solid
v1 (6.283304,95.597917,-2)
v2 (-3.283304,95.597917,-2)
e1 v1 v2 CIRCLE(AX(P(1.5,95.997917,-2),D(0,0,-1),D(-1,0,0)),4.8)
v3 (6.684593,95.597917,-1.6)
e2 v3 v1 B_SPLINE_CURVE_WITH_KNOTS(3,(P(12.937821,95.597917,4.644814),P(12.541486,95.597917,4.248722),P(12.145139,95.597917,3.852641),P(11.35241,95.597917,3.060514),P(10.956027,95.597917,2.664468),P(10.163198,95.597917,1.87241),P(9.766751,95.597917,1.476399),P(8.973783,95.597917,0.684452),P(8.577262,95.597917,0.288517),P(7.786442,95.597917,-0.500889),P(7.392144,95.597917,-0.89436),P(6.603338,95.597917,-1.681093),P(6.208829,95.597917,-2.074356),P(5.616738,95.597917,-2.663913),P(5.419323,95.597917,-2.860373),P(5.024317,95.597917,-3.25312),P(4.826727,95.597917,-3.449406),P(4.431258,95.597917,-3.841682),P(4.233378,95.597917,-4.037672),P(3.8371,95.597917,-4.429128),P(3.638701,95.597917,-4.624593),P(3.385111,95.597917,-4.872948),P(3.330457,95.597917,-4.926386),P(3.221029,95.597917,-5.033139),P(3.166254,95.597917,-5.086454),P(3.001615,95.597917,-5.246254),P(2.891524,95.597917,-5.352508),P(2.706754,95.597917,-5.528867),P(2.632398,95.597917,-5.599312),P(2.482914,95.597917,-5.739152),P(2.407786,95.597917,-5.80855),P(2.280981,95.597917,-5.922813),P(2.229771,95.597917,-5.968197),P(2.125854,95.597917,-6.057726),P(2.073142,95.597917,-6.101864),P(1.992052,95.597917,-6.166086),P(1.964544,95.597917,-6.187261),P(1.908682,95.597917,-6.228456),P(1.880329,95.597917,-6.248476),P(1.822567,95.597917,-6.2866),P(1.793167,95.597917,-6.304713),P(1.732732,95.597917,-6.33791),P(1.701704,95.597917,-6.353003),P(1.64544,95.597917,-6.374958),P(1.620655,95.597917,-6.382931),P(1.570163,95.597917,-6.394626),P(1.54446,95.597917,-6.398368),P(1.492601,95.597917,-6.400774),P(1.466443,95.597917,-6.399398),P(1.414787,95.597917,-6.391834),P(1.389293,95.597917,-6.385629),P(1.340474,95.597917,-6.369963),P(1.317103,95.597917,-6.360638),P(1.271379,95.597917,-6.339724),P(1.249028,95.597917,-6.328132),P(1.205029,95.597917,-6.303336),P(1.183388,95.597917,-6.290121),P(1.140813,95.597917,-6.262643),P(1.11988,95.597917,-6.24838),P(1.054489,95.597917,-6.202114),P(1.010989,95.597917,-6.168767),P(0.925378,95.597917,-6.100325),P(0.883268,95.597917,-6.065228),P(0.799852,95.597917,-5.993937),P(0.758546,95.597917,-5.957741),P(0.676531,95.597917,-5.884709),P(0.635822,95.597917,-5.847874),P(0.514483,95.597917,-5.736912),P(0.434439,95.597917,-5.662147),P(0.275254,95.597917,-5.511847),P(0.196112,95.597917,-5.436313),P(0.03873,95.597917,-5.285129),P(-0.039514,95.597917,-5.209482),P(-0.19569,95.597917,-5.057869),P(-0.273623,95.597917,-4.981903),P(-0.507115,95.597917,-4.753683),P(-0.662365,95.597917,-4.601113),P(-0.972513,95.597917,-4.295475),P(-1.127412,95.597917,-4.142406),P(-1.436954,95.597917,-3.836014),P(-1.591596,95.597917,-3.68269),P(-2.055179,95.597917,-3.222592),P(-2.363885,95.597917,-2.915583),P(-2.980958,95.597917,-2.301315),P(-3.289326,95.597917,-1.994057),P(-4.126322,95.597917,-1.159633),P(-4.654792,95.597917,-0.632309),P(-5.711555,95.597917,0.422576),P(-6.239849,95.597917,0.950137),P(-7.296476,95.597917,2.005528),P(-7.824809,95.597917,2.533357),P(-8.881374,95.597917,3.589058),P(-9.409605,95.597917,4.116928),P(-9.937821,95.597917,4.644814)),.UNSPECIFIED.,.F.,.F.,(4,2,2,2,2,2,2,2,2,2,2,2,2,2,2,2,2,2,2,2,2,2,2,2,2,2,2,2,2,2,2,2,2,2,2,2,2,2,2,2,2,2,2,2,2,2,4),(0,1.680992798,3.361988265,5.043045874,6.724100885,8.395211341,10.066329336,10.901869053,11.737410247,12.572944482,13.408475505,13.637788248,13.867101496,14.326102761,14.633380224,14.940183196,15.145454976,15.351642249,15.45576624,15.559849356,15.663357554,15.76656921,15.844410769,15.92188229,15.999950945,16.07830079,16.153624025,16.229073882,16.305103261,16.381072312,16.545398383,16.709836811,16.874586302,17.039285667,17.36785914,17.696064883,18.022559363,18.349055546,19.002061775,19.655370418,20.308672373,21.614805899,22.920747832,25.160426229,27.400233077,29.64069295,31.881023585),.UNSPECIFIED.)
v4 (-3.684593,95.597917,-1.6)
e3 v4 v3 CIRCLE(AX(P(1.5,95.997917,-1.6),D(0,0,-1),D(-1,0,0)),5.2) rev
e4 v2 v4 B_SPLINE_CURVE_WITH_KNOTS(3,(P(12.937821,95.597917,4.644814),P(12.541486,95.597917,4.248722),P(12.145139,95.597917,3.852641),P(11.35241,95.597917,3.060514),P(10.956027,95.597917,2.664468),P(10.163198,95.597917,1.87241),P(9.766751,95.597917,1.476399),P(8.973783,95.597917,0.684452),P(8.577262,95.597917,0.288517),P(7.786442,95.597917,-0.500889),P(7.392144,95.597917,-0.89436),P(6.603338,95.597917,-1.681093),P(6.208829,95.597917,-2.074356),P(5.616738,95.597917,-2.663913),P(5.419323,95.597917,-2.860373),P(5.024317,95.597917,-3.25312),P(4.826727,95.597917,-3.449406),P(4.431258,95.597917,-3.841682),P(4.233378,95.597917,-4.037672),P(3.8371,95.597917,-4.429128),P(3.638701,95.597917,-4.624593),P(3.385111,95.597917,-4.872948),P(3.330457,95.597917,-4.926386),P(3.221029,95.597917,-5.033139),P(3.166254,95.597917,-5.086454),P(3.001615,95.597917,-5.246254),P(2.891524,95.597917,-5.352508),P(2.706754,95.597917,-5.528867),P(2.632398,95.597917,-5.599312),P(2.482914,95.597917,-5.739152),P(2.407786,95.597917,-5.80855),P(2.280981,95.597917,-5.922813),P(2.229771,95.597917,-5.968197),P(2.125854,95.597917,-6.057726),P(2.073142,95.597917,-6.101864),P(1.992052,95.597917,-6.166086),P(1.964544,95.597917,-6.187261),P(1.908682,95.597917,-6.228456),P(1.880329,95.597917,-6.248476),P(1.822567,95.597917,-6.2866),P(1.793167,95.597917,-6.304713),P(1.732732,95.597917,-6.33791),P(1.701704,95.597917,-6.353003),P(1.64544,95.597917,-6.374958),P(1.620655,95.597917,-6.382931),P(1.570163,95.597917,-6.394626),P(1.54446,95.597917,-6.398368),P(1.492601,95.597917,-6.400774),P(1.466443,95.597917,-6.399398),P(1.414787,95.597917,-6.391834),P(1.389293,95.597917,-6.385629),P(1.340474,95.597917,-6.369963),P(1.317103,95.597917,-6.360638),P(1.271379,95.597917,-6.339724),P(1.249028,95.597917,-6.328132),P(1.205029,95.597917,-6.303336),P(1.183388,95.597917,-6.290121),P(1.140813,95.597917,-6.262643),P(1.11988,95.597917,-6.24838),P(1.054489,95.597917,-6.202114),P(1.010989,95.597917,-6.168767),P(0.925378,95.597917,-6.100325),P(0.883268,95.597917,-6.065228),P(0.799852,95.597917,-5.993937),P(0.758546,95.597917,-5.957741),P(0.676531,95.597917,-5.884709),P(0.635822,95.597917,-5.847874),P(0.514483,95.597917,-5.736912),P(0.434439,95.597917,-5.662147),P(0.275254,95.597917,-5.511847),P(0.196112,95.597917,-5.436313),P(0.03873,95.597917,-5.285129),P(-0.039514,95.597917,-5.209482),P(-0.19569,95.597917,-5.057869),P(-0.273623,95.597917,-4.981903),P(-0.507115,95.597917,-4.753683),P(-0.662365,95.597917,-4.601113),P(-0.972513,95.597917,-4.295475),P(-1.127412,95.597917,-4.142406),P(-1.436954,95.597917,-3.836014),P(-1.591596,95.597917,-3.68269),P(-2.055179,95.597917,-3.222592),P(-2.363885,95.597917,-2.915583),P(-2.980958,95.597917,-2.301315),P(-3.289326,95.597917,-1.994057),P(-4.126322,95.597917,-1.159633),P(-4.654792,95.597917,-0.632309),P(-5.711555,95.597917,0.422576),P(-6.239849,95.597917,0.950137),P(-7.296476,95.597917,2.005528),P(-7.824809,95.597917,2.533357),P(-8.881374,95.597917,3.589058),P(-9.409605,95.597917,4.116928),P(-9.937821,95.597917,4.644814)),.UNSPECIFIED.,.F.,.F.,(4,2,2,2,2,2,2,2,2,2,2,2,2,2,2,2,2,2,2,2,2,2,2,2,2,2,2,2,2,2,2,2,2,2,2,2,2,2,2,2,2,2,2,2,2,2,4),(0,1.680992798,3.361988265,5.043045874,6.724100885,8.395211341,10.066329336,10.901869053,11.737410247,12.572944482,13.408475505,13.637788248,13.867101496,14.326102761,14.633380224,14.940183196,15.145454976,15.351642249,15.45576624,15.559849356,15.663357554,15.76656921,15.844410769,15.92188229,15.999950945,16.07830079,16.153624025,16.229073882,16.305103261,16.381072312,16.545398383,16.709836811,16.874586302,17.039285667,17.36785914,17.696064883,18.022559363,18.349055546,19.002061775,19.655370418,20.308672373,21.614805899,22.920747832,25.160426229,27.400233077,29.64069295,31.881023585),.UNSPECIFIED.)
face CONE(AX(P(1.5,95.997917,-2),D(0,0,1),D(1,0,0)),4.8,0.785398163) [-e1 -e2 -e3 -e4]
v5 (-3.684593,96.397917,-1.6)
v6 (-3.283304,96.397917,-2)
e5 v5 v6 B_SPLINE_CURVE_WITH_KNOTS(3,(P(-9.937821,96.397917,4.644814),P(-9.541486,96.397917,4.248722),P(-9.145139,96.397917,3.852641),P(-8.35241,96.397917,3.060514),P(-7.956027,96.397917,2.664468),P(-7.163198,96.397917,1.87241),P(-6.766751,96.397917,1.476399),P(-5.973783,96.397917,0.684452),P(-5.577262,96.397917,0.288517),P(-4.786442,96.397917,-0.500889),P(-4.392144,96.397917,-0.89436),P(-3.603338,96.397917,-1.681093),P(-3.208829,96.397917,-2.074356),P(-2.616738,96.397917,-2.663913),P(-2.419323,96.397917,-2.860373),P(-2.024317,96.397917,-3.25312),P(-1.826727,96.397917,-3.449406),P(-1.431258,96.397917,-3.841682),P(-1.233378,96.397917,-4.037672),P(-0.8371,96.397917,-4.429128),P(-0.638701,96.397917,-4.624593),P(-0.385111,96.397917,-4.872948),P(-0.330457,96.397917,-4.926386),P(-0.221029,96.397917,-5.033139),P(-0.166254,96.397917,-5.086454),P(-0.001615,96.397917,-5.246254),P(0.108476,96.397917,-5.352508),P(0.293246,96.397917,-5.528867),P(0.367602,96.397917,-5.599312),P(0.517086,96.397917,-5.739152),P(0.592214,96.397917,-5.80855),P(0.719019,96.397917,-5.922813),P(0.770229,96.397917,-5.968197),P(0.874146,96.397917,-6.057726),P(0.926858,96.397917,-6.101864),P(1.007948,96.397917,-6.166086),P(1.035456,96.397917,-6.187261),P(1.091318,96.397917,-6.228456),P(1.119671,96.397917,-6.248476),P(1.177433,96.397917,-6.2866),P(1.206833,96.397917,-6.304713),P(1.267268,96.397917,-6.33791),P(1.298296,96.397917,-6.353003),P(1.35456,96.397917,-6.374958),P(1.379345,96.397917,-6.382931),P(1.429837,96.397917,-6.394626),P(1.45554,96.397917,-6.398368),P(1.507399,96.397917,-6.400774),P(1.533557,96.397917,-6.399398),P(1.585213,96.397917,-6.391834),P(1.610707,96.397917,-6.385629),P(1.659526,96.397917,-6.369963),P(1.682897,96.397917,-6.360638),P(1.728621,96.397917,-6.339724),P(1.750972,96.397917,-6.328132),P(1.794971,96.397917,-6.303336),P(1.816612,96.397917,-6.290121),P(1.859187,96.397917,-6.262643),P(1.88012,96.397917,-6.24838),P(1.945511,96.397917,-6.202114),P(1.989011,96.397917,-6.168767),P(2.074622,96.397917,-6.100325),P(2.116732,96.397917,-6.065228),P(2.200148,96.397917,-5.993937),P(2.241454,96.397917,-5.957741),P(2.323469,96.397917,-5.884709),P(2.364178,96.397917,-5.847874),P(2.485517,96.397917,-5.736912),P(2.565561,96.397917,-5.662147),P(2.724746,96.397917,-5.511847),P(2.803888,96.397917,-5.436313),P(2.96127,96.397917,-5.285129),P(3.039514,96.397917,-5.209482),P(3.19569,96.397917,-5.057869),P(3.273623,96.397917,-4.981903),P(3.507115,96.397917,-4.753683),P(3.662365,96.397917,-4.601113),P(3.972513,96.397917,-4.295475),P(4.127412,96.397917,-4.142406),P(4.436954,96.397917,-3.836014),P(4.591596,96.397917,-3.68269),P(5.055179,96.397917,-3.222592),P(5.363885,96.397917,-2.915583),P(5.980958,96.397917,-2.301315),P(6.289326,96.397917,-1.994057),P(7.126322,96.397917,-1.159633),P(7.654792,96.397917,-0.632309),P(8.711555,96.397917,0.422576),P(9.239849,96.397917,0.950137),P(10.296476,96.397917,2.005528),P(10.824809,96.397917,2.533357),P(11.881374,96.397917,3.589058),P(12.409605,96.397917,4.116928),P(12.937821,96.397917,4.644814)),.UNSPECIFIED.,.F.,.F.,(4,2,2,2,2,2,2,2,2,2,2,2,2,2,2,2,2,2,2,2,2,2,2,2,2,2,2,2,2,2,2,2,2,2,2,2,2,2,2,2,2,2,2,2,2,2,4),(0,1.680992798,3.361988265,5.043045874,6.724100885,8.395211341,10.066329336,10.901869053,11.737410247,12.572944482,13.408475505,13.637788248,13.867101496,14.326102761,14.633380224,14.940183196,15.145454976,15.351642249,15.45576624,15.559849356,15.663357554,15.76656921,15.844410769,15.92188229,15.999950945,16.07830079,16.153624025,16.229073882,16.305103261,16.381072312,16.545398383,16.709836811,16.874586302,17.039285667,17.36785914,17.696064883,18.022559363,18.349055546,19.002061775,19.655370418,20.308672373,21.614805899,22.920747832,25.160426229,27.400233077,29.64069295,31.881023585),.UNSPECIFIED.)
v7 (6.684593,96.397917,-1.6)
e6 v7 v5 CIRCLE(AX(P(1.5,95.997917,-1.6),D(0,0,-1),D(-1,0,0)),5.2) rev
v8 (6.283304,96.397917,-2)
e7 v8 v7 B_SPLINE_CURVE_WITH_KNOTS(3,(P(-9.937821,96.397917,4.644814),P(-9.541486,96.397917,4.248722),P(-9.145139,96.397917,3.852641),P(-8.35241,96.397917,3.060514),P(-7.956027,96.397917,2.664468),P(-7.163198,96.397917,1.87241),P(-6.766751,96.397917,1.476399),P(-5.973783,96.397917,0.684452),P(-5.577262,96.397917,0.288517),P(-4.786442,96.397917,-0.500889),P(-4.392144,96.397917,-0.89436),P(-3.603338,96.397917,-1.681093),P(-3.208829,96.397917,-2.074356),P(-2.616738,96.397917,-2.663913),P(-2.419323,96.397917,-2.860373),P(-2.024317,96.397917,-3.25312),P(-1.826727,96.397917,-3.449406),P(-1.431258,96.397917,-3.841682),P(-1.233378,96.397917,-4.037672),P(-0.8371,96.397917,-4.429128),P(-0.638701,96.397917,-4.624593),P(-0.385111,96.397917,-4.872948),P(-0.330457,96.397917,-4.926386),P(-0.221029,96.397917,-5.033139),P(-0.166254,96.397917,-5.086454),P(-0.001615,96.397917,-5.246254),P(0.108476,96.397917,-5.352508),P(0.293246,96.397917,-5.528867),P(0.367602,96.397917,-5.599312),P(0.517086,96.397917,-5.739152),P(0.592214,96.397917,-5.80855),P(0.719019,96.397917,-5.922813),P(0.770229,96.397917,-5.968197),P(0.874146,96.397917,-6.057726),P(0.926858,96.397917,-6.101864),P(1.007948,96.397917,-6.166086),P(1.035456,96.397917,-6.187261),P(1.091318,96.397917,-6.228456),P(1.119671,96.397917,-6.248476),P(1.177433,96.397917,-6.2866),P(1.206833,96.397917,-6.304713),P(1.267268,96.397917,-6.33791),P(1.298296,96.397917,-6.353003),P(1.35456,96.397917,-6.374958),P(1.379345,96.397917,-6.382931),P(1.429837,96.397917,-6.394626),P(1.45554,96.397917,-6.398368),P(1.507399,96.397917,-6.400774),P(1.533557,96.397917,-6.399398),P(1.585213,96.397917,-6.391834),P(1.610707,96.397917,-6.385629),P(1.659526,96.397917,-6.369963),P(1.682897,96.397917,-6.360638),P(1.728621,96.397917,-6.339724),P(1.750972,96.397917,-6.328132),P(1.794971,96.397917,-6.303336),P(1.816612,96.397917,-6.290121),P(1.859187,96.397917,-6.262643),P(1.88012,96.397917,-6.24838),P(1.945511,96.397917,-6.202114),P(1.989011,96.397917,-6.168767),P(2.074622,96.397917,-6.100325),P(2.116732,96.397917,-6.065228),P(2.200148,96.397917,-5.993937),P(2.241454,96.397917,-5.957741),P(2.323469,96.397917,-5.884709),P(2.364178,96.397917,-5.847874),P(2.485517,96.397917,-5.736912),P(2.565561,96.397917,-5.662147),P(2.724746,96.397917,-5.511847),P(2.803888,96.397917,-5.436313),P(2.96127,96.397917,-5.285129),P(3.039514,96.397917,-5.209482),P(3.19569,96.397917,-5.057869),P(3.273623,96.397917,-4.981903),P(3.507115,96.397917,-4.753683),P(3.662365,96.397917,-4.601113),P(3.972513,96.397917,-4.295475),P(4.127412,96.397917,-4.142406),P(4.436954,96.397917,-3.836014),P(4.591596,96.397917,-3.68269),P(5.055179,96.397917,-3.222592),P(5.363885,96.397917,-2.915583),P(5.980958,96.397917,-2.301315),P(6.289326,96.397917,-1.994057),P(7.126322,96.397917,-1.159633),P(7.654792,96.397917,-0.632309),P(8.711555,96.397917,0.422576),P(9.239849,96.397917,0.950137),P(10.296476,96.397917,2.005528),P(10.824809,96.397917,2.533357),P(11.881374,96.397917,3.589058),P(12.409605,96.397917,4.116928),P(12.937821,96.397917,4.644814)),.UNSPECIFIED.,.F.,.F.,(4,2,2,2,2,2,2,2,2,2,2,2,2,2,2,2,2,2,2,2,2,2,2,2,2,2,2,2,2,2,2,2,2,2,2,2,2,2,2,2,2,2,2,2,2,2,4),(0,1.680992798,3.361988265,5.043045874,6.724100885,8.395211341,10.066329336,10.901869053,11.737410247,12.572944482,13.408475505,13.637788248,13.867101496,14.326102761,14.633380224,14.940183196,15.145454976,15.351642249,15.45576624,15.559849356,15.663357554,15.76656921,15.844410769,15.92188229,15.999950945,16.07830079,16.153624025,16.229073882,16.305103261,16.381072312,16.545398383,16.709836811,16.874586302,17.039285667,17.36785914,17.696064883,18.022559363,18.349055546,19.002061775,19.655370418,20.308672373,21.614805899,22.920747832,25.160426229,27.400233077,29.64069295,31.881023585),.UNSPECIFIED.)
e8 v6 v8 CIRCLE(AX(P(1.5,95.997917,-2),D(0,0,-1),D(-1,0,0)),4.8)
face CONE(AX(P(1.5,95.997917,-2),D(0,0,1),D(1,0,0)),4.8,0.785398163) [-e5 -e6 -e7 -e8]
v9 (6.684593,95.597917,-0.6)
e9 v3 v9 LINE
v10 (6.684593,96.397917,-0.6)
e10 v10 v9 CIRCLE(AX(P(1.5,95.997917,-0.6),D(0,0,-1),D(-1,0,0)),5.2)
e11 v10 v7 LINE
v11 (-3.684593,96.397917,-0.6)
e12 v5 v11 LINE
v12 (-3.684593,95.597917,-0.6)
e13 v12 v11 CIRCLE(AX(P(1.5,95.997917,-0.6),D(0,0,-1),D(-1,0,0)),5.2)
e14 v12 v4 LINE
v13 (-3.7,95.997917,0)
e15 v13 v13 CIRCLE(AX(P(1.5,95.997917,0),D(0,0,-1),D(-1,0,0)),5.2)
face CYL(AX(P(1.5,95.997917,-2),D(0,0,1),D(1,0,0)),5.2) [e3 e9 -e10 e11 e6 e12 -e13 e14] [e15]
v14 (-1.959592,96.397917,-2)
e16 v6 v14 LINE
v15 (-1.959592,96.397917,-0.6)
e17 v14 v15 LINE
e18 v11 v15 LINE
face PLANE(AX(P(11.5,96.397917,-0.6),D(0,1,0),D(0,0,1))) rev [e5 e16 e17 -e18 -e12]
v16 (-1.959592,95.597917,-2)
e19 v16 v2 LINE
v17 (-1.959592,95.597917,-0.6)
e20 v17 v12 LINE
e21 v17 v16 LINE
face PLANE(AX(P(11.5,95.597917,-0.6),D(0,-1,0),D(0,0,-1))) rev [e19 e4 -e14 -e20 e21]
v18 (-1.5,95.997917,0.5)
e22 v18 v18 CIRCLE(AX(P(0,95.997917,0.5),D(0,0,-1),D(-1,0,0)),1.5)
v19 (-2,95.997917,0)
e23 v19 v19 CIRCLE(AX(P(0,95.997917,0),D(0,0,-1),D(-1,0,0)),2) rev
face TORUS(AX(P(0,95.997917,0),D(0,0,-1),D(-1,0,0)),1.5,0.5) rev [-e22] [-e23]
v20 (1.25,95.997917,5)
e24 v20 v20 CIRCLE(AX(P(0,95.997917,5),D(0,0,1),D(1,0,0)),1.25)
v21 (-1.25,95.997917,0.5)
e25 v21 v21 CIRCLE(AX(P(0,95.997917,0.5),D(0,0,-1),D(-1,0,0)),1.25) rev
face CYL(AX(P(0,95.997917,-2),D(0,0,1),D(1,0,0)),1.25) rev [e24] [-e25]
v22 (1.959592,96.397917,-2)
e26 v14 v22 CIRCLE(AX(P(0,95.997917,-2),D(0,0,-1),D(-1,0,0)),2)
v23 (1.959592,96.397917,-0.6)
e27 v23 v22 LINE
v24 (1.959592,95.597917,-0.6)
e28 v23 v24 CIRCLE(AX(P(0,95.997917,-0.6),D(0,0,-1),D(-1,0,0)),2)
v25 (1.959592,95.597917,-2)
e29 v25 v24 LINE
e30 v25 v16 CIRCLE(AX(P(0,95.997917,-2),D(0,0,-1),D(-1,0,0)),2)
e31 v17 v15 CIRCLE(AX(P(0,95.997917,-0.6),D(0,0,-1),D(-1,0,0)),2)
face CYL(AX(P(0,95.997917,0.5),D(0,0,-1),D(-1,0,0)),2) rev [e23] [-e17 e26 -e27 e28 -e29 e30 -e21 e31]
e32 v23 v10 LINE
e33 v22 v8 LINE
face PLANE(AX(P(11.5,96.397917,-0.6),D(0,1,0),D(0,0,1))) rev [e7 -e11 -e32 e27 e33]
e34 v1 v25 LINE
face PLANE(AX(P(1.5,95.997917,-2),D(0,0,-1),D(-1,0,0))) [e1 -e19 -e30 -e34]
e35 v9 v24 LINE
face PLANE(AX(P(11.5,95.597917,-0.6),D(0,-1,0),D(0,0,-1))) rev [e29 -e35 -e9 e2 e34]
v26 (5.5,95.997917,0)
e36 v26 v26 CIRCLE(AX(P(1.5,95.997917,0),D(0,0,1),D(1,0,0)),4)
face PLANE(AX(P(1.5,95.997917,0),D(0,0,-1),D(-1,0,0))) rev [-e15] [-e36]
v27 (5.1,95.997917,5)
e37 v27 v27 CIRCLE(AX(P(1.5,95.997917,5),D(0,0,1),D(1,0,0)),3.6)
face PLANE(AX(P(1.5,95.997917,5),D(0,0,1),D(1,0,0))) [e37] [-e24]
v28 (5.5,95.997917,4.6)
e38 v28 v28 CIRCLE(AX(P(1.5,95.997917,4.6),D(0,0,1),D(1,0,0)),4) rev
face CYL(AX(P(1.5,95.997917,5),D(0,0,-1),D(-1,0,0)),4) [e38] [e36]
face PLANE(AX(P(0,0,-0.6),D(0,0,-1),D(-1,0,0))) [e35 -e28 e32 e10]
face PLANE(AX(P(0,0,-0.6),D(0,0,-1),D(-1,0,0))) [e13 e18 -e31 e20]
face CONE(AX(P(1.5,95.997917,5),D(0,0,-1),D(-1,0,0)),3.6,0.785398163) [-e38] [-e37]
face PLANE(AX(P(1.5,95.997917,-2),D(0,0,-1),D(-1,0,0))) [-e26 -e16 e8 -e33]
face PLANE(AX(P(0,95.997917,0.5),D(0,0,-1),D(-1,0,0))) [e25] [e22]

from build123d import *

# Parameters (mm, degrees)
SKETCH1_R           = 4
BOSS_EXTRUDE1_DEPTH = 5
SKETCH2_R           = 5.2
BOSS_EXTRUDE2_DEPTH = 2
SKETCH3_R           = 1.25
CUT_EXTRUDE2_DEPTH  = 8
CHAMFER1_SIZE       = 0.4
SKETCH4_W           = 20
SKETCH4_H           = 0.8
CUT_EXTRUDE3_DEPTH  = 1.4
SKETCH5_R           = 2
CUT_EXTRUDE4_DEPTH  = 2.5
FILLET1_R           = 0.5


with BuildPart() as part:
    # Sketch1 → Boss-Extrude1 (new body)
    with BuildSketch(Plane.XY):
        with Locations((1.5, 95.99791663)):
            Circle(SKETCH1_R)
    extrude(amount=BOSS_EXTRUDE1_DEPTH)

    # Sketch2 → Boss-Extrude2 (add)
    with BuildSketch(Plane(origin=(0, 0, 0), x_dir=(-1, 0, 0), z_dir=(0, 0, -1))):
        with Locations((-1.5, 95.99791663)):
            Circle(SKETCH2_R)
    extrude(amount=BOSS_EXTRUDE2_DEPTH)

    # Sketch3 → Cut-Extrude2 (cut, through all)
    with BuildSketch(Plane.XY.offset(5)):
        with Locations((0, 95.99791663)):
            Circle(SKETCH3_R)
    extrude(amount=-CUT_EXTRUDE2_DEPTH, mode=Mode.SUBTRACT)

    # Chamfer1
    chamfer1_edges = [part.edges().sort_by_distance(p)[0] for p in [
        (-2.5, 95.99791663, 5),
        (6.7, 95.99791663, -2),
    ]]
    chamfer(chamfer1_edges, length=CHAMFER1_SIZE)

    # Sketch4 → Cut-Extrude3 (cut)
    with BuildSketch(Plane(origin=(0, 0, -2), x_dir=(-1, 0, 0), z_dir=(0, 0, -1))):
        with Locations((-1.5, 95.99791663)):
            Rectangle(SKETCH4_W, SKETCH4_H)
    extrude(amount=-CUT_EXTRUDE3_DEPTH, mode=Mode.SUBTRACT)

    # Sketch5 → Cut-Extrude4 (cut)
    with BuildSketch(Plane(origin=(0, 0, -2), x_dir=(-1, 0, 0), z_dir=(0, 0, -1))):
        with Locations((0, 95.99791663)):
            Circle(SKETCH5_R)
    extrude(amount=-CUT_EXTRUDE4_DEPTH, mode=Mode.SUBTRACT)

    # Fillet1
    fillet1_edges = [part.edges().sort_by_distance(p)[0] for p in [
        (2, 95.99791663, 0.5),
    ]]
    fillet(fillet1_edges, radius=FILLET1_R)


solid = part.part
